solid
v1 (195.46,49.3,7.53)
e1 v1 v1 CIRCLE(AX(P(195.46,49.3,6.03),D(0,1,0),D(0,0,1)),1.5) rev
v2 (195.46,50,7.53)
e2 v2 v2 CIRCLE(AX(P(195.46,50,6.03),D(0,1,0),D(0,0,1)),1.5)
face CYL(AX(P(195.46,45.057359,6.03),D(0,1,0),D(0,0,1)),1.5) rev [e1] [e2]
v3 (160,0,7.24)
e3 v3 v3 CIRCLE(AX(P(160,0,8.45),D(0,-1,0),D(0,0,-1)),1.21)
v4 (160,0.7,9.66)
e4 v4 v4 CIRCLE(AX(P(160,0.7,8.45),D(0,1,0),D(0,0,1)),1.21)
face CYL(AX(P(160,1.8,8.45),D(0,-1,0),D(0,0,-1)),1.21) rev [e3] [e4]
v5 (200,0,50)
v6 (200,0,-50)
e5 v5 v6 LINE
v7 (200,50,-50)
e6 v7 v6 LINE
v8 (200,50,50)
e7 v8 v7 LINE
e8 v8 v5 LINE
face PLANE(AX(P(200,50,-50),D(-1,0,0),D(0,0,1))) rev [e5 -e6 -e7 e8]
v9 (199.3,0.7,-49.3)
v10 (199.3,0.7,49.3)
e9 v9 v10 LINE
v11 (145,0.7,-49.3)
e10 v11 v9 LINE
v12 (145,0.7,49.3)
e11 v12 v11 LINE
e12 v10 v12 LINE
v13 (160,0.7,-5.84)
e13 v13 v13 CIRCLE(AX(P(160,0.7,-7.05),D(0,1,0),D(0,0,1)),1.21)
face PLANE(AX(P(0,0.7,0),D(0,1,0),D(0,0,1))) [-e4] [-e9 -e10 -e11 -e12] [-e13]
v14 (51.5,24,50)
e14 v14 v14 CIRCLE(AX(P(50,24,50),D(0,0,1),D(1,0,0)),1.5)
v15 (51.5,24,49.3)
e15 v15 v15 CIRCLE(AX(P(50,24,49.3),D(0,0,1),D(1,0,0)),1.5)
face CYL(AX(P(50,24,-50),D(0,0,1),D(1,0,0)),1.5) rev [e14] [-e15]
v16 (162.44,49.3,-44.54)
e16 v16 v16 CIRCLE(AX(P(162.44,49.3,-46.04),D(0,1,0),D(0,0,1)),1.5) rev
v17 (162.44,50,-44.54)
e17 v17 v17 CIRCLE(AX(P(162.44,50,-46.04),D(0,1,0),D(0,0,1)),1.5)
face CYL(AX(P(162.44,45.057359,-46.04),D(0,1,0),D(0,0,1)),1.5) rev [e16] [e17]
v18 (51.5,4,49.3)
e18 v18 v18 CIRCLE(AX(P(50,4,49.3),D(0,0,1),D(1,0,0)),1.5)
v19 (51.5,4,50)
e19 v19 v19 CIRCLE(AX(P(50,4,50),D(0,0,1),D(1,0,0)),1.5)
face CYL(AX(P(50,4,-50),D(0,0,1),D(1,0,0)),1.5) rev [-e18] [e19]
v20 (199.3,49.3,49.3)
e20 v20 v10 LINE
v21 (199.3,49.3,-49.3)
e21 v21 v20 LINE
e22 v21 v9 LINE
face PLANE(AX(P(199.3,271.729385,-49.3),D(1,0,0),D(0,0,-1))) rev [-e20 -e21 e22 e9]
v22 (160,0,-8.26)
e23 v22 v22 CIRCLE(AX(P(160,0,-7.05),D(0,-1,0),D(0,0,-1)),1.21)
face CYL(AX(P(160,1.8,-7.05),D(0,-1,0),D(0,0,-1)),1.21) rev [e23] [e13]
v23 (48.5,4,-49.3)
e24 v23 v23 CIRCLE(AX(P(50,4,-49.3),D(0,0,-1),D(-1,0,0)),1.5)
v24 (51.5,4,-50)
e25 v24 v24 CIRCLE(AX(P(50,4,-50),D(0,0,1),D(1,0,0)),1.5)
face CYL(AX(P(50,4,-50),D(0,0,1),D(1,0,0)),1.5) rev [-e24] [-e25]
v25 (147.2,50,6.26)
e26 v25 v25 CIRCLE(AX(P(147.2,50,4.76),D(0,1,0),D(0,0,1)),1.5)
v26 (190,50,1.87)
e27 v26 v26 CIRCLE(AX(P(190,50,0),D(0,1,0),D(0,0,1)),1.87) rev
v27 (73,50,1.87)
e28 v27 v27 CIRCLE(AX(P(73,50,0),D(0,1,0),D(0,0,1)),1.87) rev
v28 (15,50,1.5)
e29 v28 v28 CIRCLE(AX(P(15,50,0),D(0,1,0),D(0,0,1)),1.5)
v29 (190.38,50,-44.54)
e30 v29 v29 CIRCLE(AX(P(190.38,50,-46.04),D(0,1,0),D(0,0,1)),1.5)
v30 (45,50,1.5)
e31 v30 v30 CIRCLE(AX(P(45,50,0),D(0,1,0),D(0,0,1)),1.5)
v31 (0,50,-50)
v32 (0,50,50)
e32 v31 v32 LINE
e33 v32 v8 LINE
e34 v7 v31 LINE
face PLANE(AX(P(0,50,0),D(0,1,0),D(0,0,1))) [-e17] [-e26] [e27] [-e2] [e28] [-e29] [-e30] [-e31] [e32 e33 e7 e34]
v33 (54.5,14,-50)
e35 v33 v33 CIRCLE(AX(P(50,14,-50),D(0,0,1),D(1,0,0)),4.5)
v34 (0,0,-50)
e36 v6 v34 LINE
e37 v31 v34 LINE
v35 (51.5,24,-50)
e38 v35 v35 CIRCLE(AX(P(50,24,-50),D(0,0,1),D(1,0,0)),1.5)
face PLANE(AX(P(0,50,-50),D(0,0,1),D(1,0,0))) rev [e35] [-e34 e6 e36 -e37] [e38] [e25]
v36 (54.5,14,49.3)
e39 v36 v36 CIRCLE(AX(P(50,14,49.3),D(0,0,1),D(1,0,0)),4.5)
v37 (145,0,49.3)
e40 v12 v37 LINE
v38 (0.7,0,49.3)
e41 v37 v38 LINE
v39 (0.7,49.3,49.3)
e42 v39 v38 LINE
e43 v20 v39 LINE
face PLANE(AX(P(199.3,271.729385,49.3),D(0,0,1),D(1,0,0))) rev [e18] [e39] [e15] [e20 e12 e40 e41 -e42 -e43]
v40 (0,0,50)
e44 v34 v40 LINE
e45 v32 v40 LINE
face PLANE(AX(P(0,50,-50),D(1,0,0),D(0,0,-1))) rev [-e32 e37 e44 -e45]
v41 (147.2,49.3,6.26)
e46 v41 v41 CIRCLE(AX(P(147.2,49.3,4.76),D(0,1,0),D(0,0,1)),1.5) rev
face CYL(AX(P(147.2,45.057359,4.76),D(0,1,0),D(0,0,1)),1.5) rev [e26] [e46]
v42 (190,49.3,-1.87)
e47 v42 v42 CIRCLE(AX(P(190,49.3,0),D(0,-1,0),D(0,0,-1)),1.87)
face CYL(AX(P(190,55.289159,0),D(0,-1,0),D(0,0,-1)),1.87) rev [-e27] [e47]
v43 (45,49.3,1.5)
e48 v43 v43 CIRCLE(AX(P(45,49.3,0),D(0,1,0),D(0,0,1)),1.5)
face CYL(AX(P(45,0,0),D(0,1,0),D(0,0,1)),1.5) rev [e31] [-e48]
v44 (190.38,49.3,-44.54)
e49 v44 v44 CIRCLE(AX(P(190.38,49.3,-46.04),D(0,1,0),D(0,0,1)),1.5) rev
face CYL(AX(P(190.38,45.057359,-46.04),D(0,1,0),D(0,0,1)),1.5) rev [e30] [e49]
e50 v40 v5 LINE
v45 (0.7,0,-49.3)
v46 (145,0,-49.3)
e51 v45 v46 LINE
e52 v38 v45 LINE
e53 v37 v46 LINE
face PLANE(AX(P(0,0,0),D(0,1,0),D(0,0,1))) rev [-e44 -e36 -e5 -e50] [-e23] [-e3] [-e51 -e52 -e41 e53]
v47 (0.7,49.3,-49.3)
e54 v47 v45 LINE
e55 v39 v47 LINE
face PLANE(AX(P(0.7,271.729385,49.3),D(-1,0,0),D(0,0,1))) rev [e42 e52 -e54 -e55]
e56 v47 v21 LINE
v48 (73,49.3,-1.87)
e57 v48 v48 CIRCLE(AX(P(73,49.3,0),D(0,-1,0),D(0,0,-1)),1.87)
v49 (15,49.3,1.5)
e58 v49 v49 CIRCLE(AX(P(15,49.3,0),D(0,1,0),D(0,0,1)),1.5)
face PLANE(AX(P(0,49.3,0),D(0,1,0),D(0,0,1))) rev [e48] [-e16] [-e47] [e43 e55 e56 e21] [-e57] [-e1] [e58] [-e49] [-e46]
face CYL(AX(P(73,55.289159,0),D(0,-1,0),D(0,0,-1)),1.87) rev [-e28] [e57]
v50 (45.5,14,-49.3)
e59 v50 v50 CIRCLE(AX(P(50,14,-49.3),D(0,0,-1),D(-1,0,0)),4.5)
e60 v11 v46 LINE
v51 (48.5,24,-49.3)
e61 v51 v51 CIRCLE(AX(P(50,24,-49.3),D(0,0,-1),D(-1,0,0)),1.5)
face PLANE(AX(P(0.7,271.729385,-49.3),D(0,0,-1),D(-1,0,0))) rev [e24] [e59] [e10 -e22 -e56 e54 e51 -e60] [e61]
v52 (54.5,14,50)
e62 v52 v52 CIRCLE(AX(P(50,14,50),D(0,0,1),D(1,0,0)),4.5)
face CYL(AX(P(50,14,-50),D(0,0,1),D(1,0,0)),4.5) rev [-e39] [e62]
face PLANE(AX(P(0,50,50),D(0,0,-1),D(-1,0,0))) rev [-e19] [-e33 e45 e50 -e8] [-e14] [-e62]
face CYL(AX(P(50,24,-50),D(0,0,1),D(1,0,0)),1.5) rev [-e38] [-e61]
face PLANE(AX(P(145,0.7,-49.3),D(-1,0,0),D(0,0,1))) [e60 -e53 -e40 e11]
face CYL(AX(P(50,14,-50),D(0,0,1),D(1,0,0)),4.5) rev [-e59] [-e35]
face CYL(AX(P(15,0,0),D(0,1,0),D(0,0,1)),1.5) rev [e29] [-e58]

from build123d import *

# Parameters (mm, degrees)
SKETCH1_W           = 200
SKETCH1_H           = 100
BOSS_EXTRUDE1_DEPTH = 50
SKETCH3_W           = 198.6
SKETCH3_H           = 98.6
CUT_EXTRUDE1_DEPTH  = 49.3
SKETCH4_W           = 54.3
SKETCH4_H           = 98.6
BOSS_EXTRUDE2_DEPTH = 0.7
SKETCH2_R           = 4.5
SKETCH2_R_2         = 1.5
CUT_EXTRUDE2_DEPTH  = 230.128784748
SKETCH8_R           = 1.21
CUT_EXTRUDE6_DEPTH  = 1.8
SKETCH10_R          = 1.87
CUT_EXTRUDE8_DEPTH  = 0.7
SKETCH9_R           = 1.5
CUT_EXTRUDE7_DEPTH  = 213.132034356
SKETCH11_R          = 1.5
CUT_EXTRUDE9_DEPTH  = 0.7


with BuildPart() as part:
    # Sketch1 → Boss-Extrude1 (new body)
    with BuildSketch(Plane(origin=(0, 0, 0), x_dir=(1, 0, 0), z_dir=(0, 1, 0))):
        with Locations((100, 0)):
            Rectangle(SKETCH1_W, SKETCH1_H)
    extrude(amount=BOSS_EXTRUDE1_DEPTH)

    # Sketch3 → Cut-Extrude1 (cut)
    with BuildSketch(Plane.XZ):
        with Locations((100, 0)):
            Rectangle(SKETCH3_W, SKETCH3_H)
    extrude(amount=-CUT_EXTRUDE1_DEPTH, mode=Mode.SUBTRACT)

    # Sketch4 → Boss-Extrude2 (add)
    with BuildSketch(Plane.XZ):
        with Locations((172.15, 0)):
            Rectangle(SKETCH4_W, SKETCH4_H)
    extrude(amount=-BOSS_EXTRUDE2_DEPTH)

    # Sketch2 → Cut-Extrude2 (cut, through all)
    with BuildSketch(Plane.XY.offset(50)):
        with Locations((50, 14)):
            Circle(SKETCH2_R)
        with Locations((50, 4)):
            Circle(SKETCH2_R_2)
        with Locations((50, 24)):
            Circle(SKETCH2_R_2)
    extrude(amount=-CUT_EXTRUDE2_DEPTH, mode=Mode.SUBTRACT)

    # Sketch8 → Cut-Extrude6 (cut)
    with BuildSketch(Plane.XZ):
        with Locations(Location((160, 8.45, 0), (0, 0, 270))):
            Circle(SKETCH8_R)
        with Locations(Location((160, -7.05, 0), (0, 0, 270))):
            Circle(SKETCH8_R)
    extrude(amount=-CUT_EXTRUDE6_DEPTH, mode=Mode.SUBTRACT)

    # Sketch10 → Cut-Extrude8 (cut)
    with BuildSketch(Plane.XZ.offset(-49.3)):
        with Locations(Location((190, 0, 0), (0, 0, 270))):
            Circle(SKETCH10_R)
        with Locations(Location((73, 0, 0), (0, 0, 270))):
            Circle(SKETCH10_R)
    extrude(amount=-CUT_EXTRUDE8_DEPTH, mode=Mode.SUBTRACT)

    # Sketch9 → Cut-Extrude7 (cut, through all)
    with BuildSketch(Plane(origin=(0, 50, 0), x_dir=(1, 0, 0), z_dir=(0, 1, 0))):
        with Locations(Location((15, 0, 0), (0, 0, 270))):
            Circle(SKETCH9_R)
        with Locations(Location((45, 0, 0), (0, 0, 270))):
            Circle(SKETCH9_R)
    extrude(amount=-CUT_EXTRUDE7_DEPTH, mode=Mode.SUBTRACT)

    # Sketch11 → Cut-Extrude9 (cut)
    with BuildSketch(Plane(origin=(143.38, 50, -175.08), x_dir=(0, 0, 1), z_dir=(0, 1, 0))):
        with Locations((129.04, 47)):
            Circle(SKETCH11_R)
        with Locations((181.11, 52.08)):
            Circle(SKETCH11_R)
        with Locations((179.84, 3.82)):
            Circle(SKETCH11_R)
        with Locations((129.04, 19.06)):
            Circle(SKETCH11_R)
    extrude(amount=-CUT_EXTRUDE9_DEPTH, mode=Mode.SUBTRACT)


solid = part.part
